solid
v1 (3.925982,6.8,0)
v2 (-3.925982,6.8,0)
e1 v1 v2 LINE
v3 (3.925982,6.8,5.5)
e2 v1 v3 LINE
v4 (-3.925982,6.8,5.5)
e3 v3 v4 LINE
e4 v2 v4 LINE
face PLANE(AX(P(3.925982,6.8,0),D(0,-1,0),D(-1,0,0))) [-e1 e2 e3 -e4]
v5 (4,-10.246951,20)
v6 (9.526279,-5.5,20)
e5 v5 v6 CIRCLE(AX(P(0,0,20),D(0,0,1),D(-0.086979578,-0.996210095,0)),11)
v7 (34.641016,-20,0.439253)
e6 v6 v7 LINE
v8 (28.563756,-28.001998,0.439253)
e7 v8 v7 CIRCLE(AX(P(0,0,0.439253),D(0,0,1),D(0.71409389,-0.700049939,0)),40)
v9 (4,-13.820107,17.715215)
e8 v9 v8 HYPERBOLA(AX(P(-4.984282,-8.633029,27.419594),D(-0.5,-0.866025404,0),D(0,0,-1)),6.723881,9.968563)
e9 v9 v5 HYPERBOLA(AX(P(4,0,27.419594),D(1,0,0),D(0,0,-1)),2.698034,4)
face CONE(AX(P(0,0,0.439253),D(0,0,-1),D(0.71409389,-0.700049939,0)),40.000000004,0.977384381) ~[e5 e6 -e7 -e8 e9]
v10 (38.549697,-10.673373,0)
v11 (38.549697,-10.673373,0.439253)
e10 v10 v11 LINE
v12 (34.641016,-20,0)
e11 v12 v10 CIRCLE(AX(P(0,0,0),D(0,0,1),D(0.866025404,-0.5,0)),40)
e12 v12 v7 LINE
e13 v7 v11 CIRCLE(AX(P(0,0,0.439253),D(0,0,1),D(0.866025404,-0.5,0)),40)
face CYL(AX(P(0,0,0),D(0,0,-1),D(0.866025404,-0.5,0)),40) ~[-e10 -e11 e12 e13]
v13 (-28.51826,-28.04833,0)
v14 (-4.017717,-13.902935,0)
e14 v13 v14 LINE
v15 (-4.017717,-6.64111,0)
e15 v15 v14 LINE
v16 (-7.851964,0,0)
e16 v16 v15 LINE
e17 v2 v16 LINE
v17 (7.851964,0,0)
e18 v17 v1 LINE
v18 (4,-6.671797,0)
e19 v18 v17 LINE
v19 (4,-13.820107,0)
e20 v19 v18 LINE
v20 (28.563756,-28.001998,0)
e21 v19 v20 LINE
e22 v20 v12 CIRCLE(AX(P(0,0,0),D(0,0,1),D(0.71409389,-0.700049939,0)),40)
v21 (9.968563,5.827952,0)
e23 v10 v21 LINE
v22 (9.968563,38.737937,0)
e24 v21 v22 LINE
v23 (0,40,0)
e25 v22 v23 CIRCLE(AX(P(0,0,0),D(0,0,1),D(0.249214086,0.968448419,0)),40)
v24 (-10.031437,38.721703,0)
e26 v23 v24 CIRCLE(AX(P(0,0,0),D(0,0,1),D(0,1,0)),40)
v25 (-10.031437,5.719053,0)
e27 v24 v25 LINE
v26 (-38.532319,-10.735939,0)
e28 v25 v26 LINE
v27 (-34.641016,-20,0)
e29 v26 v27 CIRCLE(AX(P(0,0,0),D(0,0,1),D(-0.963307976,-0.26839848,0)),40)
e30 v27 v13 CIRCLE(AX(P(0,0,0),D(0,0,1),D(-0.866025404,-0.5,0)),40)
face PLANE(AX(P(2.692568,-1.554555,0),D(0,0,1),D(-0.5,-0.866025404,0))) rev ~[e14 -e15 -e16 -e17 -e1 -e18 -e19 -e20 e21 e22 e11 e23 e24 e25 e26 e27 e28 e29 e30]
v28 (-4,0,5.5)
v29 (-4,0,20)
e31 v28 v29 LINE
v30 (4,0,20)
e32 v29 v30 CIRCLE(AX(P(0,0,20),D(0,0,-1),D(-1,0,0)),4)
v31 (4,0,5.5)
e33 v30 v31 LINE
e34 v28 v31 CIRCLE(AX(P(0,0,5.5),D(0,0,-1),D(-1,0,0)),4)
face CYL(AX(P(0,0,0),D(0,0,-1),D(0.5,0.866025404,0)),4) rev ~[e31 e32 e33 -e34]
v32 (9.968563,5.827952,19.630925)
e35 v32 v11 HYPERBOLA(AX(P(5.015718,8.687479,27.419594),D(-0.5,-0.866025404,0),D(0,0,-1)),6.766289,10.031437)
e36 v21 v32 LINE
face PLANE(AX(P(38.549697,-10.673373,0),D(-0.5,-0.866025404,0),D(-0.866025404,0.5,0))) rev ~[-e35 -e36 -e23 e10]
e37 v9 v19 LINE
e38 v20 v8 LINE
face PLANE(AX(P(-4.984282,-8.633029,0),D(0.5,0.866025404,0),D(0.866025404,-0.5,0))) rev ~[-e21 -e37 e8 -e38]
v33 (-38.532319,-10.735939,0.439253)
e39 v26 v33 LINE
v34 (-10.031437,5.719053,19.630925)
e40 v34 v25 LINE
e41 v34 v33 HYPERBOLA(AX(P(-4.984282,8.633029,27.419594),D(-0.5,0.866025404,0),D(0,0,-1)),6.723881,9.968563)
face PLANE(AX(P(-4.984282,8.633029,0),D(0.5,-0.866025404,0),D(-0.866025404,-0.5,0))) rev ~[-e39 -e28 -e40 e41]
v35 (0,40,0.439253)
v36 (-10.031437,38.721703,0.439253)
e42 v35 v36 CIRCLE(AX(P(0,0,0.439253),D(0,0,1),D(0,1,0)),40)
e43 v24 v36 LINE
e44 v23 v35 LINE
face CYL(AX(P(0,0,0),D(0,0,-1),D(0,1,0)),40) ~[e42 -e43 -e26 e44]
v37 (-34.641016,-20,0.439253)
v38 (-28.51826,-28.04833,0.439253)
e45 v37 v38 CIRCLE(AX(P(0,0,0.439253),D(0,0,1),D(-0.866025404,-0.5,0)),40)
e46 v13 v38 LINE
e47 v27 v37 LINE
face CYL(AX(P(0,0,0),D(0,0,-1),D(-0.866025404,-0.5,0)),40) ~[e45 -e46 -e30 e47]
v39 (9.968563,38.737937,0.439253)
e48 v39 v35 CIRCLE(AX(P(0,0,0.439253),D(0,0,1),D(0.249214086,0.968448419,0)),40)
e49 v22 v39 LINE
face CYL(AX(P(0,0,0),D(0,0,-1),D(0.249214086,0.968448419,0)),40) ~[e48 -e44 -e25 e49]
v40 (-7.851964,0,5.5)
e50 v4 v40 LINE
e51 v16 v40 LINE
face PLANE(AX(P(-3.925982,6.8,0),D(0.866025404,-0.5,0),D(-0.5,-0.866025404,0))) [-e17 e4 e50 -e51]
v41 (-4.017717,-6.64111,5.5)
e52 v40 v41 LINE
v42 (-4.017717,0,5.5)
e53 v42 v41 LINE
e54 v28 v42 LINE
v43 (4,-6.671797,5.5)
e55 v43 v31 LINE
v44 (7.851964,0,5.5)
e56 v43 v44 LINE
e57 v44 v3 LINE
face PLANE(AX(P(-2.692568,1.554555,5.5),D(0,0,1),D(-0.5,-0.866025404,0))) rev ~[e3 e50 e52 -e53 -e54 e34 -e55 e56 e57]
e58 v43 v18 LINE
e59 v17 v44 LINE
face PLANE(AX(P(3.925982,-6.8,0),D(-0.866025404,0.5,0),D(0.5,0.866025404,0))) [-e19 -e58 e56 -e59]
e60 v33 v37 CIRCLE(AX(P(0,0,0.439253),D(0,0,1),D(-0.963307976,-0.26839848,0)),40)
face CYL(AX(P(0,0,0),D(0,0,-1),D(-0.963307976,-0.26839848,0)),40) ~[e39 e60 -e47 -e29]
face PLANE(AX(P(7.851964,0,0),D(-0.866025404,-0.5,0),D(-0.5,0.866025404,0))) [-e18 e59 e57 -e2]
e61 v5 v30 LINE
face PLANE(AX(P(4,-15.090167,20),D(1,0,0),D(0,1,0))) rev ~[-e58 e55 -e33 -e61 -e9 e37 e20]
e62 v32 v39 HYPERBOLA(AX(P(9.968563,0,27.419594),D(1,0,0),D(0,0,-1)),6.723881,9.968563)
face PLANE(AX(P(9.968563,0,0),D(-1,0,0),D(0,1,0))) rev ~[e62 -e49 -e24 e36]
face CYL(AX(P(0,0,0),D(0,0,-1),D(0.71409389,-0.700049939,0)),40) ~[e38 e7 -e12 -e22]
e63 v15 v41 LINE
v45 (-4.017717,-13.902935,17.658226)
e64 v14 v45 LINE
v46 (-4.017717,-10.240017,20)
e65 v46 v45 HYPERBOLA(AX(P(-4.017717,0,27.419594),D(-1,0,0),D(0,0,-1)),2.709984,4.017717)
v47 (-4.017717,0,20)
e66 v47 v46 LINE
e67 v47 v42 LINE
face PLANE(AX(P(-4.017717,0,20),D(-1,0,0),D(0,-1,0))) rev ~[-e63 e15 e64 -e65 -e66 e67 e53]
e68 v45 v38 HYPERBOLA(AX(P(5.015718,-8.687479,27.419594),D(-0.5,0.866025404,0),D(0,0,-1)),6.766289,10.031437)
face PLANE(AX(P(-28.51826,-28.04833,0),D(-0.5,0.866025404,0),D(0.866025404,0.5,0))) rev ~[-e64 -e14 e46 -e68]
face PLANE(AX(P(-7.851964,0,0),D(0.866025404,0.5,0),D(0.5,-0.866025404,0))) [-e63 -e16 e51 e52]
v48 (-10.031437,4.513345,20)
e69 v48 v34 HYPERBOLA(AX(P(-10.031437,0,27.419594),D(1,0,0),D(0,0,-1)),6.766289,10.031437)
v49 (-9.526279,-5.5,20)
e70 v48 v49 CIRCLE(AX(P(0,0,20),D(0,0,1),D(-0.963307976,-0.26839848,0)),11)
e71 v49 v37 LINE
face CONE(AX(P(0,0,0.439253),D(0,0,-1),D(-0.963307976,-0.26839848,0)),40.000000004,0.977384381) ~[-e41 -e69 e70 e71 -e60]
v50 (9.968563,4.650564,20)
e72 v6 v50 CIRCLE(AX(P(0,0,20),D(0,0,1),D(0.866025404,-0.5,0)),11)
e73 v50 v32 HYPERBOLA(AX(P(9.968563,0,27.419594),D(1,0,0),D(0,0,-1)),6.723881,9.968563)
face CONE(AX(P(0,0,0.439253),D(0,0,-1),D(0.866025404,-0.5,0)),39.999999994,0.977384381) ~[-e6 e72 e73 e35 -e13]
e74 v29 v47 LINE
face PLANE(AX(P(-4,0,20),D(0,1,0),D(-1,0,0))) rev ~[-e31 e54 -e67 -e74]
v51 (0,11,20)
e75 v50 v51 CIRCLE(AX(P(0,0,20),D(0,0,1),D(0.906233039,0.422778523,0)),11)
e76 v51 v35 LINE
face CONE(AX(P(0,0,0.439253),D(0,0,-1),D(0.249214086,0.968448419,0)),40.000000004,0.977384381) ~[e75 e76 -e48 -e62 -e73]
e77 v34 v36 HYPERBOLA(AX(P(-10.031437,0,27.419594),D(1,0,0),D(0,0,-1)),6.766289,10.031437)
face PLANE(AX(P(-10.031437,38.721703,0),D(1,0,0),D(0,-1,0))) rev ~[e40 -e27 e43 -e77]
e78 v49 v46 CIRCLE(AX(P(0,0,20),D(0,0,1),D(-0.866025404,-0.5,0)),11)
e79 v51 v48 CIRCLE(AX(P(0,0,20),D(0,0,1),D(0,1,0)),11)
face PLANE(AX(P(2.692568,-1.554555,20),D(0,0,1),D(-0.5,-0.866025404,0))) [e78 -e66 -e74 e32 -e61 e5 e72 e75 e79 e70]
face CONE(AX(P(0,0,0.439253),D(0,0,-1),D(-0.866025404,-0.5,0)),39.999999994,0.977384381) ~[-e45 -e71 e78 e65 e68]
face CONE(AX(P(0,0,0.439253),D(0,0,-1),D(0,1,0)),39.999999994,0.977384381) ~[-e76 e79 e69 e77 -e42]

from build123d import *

# Parameters (mm, degrees)
F1_DEPTH = 20
F2_DEPTH = 5.5
F3_SIZE2 = 19.5607469884
F3_SIZE  = 29
F4_COUNT = 3
F6_DEPTH = 20


with BuildPart() as f1:
    # F0 (on Top) → F1 (new body)
    with BuildSketch(Plane.XY):
        with BuildLine():
            ThreePointArc((-4, 0), (0, 4), (4, 0))
            Line((4, 0), (7.851963661, 0))
            Line((7.851963661, 0), (3.9259818305, 6.8))
            Line((3.9259818305, 6.8), (-3.9259818305, 6.8))
            Line((-3.9259818305, 6.8), (-7.851963661, 0))
            Line((-7.851963661, 0), (-4, 0))
        make_face()
        with BuildLine():
            Line((3.9259818305, 6.8), (7.851963661, 0))
            Line((7.851963661, 0), (9.96856343, 0))
            Line((9.96856343, 0), (9.96856343, 38.7379367435))
            ThreePointArc((9.96856343, 38.7379367435), (5.024068581, 39.6832298949), (-4.8e-09, 40))
            ThreePointArc((-4.8e-09, 40), (-5.0562773626, 39.6791388419), (-10.03143657, 38.7217029628))
            Line((-10.03143657, 38.7217029628), (-10.03143657, 0))
            Line((-10.03143657, 0), (-7.851963661, 0))
            Line((-7.851963661, 0), (-3.9259818305, 6.8))
            Line((-3.9259818305, 6.8), (3.9259818305, 6.8))
        make_face()
    extrude(amount=F1_DEPTH)

    # F0 (on Top) → F2 (cut)
    with BuildSketch(Plane.XY):
        with BuildLine():
            Line((7.851963661, 0), (4, 0))
            ThreePointArc((4, 0), (0, -4), (-4, 0))
            Line((-4, 0), (-7.851963661, 0))
            Line((-7.851963661, 0), (-3.9259818305, -6.8))
            Line((-3.9259818305, -6.8), (3.9259818305, -6.8))
            Line((3.9259818305, -6.8), (7.851963661, 0))
        make_face()
        with BuildLine():
            ThreePointArc((-4, 0), (0, 4), (4, 0))
            Line((4, 0), (7.851963661, 0))
            Line((7.851963661, 0), (3.9259818305, 6.8))
            Line((3.9259818305, 6.8), (-3.9259818305, 6.8))
            Line((-3.9259818305, 6.8), (-7.851963661, 0))
            Line((-7.851963661, 0), (-4, 0))
        make_face()
    extrude(amount=F2_DEPTH, mode=Mode.SUBTRACT)

    # F3
    f3_edges = [f1.edges().sort_by_distance(p)[0] for p in [
        (-0.032468, 39.999987, 20),
    ]]
    f3_side = f1.faces().sort_by_distance((-0.031771, 20.384779, 20))[0]
    chamfer(f3_edges, length=F3_SIZE, length2=F3_SIZE2, reference=f3_side)

    # F4: F1 ×3 about axis
    f4_axis = Axis((0, 0, 0.4392530116), (0, 0, -1))


with BuildPart() as f1_1:
    add(f1.part)
    for i in range(1, F4_COUNT):
        add(f1.part.rotate(f4_axis, i * 360 / F4_COUNT))

    # F5 (on face) → F6 (cut, through all)
    with BuildSketch(Plane.XY.offset(20)):
        with BuildLine():
            Line((4, -10.246950766), (4, 0))
            ThreePointArc((4, 0), (0, -4), (-4, 0))
            Line((-4, 0), (-4.017717205, 0))
            Line((-4.017717205, 0), (-4.017717205, -10.2400170147))
            ThreePointArc((-4.017717205, -10.2400170147), (-2.5130421152, -10.7090904995), (-0.9567753703, -10.9583110419))
            ThreePointArc((-0.9567753703, -10.9583110419), (1.5626299617, -10.8884428456), (4, -10.246950766))
        make_face()
        with BuildLine():
            Line((4, -15.0901665911), (4, -10.246950766))
            ThreePointArc((4, -10.246950766), (1.5626299617, -10.8884428456), (-0.9567753703, -10.9583110419))
            ThreePointArc((-0.9567753703, -10.9583110419), (-2.5130421152, -10.7090904995), (-4.017717205, -10.2400170147))
            Line((-4.017717205, -10.2400170147), (-4.017717205, -15.0901665911))
            Line((-4.017717205, -15.0901665911), (4, -15.0901665911))
        make_face()
    extrude(amount=-F6_DEPTH, mode=Mode.SUBTRACT)


solid = f1_1.part
